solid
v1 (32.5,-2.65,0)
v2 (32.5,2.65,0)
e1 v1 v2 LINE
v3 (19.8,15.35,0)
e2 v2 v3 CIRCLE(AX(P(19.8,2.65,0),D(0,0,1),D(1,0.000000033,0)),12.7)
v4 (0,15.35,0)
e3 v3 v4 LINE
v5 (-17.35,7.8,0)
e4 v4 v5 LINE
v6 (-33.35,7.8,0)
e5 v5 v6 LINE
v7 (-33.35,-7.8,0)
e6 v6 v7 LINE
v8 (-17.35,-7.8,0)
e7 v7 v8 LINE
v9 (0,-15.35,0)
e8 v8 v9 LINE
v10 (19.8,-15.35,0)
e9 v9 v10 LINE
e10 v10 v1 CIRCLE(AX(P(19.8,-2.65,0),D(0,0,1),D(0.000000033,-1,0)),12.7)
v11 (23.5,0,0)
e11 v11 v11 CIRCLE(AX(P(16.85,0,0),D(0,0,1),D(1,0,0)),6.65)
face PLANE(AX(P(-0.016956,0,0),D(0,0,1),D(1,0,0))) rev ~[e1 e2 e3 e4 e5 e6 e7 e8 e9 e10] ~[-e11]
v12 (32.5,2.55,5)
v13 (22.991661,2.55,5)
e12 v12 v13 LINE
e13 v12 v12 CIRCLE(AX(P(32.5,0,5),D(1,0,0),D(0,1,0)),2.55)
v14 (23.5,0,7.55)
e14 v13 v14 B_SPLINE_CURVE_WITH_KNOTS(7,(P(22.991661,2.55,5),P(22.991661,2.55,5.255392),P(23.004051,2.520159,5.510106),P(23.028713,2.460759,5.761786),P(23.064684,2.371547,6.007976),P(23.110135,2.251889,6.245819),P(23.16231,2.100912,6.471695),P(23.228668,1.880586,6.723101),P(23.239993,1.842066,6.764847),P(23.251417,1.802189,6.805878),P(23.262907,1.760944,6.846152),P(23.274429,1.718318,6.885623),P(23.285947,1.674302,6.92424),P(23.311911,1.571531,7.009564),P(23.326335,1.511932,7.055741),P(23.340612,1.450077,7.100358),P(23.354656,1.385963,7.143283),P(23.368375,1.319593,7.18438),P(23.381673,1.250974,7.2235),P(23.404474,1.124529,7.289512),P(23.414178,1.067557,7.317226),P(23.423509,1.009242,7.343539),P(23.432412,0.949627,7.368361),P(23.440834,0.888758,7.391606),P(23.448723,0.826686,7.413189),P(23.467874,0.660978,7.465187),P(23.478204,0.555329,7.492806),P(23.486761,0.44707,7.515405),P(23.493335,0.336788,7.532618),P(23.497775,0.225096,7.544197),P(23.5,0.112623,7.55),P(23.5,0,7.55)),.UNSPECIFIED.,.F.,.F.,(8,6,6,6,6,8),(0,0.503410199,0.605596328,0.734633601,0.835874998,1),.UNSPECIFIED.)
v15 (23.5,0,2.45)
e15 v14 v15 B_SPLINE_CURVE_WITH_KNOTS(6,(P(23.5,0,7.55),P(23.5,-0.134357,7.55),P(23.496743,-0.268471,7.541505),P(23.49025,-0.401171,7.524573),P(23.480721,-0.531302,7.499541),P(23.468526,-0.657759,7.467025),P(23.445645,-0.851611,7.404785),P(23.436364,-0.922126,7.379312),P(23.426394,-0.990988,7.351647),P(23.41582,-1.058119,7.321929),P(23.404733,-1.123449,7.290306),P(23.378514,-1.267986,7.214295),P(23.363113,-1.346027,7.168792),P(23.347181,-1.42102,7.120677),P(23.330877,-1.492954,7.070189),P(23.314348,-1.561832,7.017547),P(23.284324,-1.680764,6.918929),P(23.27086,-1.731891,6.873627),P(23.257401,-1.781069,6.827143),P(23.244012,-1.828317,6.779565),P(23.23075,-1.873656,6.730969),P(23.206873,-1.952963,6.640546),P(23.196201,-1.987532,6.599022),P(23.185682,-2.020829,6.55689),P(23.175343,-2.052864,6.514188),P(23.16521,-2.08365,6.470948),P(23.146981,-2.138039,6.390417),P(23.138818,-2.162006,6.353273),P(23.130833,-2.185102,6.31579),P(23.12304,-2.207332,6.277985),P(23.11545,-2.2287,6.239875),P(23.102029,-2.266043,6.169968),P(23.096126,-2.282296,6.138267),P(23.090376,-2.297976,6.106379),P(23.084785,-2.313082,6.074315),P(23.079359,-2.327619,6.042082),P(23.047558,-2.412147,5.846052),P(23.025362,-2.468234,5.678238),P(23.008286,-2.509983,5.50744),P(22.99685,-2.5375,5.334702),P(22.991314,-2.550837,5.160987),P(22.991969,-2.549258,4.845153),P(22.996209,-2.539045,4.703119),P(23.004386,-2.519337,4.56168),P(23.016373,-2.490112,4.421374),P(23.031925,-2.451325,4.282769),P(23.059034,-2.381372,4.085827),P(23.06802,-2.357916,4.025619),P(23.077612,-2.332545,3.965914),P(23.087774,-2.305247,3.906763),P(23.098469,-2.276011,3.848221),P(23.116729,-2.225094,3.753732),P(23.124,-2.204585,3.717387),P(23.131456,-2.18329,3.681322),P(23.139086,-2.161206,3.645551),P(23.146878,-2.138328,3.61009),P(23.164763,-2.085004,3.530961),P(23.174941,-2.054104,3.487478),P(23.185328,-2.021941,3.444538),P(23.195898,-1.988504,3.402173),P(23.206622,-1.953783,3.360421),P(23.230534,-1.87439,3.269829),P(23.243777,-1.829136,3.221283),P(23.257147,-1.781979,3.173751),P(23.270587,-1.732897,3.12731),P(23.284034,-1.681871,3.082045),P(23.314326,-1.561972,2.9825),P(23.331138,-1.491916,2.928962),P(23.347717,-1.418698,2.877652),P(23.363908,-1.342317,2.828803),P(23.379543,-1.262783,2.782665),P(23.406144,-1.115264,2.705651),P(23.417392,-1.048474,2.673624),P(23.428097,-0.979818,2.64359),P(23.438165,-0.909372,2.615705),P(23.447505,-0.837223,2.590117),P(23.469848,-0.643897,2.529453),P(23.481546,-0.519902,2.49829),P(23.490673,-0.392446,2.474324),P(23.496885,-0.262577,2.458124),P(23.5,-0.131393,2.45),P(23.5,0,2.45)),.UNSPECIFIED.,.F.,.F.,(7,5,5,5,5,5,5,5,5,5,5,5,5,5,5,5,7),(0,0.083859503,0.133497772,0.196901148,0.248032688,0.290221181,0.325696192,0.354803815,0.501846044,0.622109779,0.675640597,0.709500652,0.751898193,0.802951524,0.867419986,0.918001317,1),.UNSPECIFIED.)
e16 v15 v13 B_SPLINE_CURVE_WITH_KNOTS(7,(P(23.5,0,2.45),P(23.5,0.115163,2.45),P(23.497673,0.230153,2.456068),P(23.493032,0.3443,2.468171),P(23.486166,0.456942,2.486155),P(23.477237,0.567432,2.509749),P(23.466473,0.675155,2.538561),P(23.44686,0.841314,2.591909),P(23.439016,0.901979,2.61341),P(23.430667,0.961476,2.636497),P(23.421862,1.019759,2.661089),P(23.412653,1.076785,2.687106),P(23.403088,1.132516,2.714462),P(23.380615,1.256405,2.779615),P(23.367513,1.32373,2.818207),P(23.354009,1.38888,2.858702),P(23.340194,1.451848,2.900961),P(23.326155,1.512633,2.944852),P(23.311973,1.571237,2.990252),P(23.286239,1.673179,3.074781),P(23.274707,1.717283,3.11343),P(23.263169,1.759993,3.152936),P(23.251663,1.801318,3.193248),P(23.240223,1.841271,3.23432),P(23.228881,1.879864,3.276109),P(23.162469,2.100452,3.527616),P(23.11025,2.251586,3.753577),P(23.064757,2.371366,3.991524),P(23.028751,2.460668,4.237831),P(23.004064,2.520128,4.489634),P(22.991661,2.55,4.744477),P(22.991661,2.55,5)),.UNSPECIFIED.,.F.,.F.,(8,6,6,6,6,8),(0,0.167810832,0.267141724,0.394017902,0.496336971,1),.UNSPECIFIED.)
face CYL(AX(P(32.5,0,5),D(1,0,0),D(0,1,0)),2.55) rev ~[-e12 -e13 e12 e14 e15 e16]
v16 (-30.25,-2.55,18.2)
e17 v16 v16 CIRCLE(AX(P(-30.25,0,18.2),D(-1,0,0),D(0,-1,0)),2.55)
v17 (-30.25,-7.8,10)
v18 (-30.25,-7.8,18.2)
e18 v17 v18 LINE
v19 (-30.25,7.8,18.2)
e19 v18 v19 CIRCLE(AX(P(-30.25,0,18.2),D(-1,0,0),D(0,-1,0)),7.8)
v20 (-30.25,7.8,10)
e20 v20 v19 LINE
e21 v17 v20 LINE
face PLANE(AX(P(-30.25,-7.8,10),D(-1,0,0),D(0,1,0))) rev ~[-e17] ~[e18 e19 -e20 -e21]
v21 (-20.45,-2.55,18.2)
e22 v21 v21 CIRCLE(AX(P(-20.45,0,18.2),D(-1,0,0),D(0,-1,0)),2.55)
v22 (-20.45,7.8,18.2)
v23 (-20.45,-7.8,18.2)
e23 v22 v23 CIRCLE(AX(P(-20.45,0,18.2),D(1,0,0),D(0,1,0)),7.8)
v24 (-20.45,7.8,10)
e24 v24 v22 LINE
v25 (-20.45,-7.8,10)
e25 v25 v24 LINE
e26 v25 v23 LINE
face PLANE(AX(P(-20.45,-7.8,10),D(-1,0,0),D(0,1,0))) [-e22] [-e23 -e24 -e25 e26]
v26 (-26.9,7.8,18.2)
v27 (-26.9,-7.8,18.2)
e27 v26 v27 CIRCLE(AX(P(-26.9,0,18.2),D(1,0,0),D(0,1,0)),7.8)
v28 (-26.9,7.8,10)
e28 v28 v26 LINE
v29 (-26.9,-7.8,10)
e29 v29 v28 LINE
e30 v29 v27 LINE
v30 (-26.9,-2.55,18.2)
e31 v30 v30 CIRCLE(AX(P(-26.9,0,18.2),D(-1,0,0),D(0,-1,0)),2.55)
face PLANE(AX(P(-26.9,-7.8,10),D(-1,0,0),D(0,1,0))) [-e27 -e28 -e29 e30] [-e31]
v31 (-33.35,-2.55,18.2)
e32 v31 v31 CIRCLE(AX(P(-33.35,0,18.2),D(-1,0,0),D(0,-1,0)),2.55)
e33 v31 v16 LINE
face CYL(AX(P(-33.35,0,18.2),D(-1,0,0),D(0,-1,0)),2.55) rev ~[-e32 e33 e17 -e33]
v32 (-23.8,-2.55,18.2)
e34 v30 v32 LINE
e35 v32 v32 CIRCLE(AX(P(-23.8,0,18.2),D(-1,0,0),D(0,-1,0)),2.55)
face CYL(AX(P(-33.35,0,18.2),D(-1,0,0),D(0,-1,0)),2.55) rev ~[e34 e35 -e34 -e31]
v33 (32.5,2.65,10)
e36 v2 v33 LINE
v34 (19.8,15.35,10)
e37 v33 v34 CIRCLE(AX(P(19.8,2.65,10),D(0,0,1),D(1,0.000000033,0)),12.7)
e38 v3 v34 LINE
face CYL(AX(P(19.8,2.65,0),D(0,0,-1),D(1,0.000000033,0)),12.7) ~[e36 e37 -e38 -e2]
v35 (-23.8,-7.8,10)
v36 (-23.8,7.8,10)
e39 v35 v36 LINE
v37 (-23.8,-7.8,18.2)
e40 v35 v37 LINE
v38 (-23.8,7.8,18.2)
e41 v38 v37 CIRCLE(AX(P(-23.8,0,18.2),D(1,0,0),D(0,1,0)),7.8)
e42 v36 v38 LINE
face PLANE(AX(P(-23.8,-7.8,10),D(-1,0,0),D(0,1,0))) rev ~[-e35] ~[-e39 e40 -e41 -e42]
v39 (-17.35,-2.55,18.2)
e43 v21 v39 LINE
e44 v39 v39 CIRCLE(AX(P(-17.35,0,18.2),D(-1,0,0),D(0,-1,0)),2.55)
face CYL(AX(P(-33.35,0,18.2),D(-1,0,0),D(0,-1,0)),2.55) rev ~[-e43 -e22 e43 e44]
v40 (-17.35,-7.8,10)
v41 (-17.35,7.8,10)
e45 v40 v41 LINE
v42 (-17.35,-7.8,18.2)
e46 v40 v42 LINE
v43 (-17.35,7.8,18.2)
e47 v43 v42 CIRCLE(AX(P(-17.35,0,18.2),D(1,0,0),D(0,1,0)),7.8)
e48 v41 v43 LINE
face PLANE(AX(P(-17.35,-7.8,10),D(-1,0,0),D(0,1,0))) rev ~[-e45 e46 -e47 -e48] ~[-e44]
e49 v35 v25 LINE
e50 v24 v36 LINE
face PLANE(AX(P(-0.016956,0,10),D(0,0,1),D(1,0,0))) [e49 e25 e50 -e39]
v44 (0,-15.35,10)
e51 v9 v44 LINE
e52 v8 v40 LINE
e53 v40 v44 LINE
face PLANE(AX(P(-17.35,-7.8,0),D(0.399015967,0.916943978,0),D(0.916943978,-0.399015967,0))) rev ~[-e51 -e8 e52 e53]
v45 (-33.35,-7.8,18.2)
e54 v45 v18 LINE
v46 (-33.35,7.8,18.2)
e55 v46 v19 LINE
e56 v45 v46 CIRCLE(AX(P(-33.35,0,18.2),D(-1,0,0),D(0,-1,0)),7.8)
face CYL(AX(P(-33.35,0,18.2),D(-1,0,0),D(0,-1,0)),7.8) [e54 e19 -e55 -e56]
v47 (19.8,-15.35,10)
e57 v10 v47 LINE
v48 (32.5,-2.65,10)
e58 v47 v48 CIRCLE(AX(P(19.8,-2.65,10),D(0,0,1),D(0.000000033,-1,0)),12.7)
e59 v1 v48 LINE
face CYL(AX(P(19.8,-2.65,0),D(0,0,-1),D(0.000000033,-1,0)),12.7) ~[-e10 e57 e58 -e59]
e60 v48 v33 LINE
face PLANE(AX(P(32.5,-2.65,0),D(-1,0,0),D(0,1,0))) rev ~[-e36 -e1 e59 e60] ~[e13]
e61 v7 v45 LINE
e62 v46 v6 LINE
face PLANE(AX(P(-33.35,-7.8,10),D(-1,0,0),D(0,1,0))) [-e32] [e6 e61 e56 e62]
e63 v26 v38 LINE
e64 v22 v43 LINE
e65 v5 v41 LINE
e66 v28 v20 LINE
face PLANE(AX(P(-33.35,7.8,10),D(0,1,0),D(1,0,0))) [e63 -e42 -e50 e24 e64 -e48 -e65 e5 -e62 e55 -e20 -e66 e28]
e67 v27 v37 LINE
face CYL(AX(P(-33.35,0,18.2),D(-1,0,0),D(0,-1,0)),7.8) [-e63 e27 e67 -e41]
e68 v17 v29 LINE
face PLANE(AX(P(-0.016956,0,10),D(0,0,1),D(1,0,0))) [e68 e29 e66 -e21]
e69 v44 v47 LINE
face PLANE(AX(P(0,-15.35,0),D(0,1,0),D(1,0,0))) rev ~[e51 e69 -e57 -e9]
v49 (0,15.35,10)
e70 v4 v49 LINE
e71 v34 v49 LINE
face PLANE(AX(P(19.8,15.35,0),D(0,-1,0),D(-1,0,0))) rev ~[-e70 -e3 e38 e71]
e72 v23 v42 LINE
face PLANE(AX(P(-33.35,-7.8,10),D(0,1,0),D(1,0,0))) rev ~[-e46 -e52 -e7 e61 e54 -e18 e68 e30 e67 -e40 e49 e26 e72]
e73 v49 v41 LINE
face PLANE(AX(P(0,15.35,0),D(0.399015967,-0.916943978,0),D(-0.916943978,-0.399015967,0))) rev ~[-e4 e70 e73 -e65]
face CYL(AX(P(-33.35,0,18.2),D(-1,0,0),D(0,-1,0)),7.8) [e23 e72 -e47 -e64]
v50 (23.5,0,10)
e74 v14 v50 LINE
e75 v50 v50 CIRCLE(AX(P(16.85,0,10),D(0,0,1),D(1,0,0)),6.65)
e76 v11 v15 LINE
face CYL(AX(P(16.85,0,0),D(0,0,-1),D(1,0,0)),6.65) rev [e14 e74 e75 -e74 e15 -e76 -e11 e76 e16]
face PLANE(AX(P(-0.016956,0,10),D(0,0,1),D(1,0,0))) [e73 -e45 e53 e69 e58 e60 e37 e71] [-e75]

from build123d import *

# Parameters (mm, degrees)
SKETCH_R        = 6.65
PAD_DEPTH       = 10
SKETCH001_R     = 2.55
POCKET_DEPTH    = 10
SKETCH002_W     = 3.1
SKETCH002_H     = 15.6
PAD001_DEPTH    = 16
SKETCH003_R     = 2.55
POCKET001_DEPTH = 65.851


with BuildPart() as part:
    # Sketch → Pad (new body)
    with BuildSketch(Plane.XY):
        with BuildLine():
            Line((0, -15.35), (19.8, -15.35))
            ThreePointArc((19.8, -15.35), (28.780256, -11.630256), (32.5, -2.65))
            Line((32.5, -2.65), (32.5, 2.65))
            ThreePointArc((32.5, 2.65), (28.780256, 11.630256), (19.8, 15.35))
            Line((19.8, 15.35), (0, 15.35))
            Line((0, 15.35), (-17.35, 7.8))
            Line((-17.35, 7.8), (-33.35, 7.8))
            Line((-33.35, 7.8), (-33.35, -7.8))
            Line((-33.35, -7.8), (-17.35, -7.8))
            Line((-17.35, -7.8), (0, -15.35))
        make_face()
        with Locations((16.85, 0)):
            Circle(SKETCH_R, mode=Mode.SUBTRACT)
    extrude(amount=PAD_DEPTH)

    # Sketch001 (on Face3 of Pad) → Pocket (cut)
    with BuildSketch(Plane.YZ.offset(32.5)):
        with Locations((0, 5)):
            Circle(SKETCH001_R)
    extrude(amount=-POCKET_DEPTH, mode=Mode.SUBTRACT)

    # Sketch002 (on Face5 of Pocket) → Pad001 (join)
    with BuildSketch(Plane.XY.offset(10)):
        with Locations((-31.8, 0)):
            Rectangle(SKETCH002_W, SKETCH002_H)
        with Locations((-25.35, 0)):
            Rectangle(SKETCH002_W, SKETCH002_H)
        with Locations((-18.9, 0)):
            Rectangle(SKETCH002_W, SKETCH002_H)
    extrude(amount=PAD001_DEPTH)

    # Sketch003 (on Face24 of Pad001) → Pocket001 (cut, through all)
    with BuildSketch(Plane(origin=(-33.35, 0, 0), x_dir=(0, -1, 0), z_dir=(-1, 0, 0))):
        with Locations((0, 18.2)):
            Circle(SKETCH003_R)
        with BuildLine():
            ThreePointArc((7.8, 18.2), (0, 26), (-7.8, 18.2))
            Line((-7.8, 26.2), (-7.8, 18.2))
            Line((7.8, 26.2), (-7.8, 26.2))
            Line((7.8, 18.2), (7.8, 26.2))
        make_face()
    extrude(amount=-POCKET001_DEPTH, mode=Mode.SUBTRACT)


solid = part.part
